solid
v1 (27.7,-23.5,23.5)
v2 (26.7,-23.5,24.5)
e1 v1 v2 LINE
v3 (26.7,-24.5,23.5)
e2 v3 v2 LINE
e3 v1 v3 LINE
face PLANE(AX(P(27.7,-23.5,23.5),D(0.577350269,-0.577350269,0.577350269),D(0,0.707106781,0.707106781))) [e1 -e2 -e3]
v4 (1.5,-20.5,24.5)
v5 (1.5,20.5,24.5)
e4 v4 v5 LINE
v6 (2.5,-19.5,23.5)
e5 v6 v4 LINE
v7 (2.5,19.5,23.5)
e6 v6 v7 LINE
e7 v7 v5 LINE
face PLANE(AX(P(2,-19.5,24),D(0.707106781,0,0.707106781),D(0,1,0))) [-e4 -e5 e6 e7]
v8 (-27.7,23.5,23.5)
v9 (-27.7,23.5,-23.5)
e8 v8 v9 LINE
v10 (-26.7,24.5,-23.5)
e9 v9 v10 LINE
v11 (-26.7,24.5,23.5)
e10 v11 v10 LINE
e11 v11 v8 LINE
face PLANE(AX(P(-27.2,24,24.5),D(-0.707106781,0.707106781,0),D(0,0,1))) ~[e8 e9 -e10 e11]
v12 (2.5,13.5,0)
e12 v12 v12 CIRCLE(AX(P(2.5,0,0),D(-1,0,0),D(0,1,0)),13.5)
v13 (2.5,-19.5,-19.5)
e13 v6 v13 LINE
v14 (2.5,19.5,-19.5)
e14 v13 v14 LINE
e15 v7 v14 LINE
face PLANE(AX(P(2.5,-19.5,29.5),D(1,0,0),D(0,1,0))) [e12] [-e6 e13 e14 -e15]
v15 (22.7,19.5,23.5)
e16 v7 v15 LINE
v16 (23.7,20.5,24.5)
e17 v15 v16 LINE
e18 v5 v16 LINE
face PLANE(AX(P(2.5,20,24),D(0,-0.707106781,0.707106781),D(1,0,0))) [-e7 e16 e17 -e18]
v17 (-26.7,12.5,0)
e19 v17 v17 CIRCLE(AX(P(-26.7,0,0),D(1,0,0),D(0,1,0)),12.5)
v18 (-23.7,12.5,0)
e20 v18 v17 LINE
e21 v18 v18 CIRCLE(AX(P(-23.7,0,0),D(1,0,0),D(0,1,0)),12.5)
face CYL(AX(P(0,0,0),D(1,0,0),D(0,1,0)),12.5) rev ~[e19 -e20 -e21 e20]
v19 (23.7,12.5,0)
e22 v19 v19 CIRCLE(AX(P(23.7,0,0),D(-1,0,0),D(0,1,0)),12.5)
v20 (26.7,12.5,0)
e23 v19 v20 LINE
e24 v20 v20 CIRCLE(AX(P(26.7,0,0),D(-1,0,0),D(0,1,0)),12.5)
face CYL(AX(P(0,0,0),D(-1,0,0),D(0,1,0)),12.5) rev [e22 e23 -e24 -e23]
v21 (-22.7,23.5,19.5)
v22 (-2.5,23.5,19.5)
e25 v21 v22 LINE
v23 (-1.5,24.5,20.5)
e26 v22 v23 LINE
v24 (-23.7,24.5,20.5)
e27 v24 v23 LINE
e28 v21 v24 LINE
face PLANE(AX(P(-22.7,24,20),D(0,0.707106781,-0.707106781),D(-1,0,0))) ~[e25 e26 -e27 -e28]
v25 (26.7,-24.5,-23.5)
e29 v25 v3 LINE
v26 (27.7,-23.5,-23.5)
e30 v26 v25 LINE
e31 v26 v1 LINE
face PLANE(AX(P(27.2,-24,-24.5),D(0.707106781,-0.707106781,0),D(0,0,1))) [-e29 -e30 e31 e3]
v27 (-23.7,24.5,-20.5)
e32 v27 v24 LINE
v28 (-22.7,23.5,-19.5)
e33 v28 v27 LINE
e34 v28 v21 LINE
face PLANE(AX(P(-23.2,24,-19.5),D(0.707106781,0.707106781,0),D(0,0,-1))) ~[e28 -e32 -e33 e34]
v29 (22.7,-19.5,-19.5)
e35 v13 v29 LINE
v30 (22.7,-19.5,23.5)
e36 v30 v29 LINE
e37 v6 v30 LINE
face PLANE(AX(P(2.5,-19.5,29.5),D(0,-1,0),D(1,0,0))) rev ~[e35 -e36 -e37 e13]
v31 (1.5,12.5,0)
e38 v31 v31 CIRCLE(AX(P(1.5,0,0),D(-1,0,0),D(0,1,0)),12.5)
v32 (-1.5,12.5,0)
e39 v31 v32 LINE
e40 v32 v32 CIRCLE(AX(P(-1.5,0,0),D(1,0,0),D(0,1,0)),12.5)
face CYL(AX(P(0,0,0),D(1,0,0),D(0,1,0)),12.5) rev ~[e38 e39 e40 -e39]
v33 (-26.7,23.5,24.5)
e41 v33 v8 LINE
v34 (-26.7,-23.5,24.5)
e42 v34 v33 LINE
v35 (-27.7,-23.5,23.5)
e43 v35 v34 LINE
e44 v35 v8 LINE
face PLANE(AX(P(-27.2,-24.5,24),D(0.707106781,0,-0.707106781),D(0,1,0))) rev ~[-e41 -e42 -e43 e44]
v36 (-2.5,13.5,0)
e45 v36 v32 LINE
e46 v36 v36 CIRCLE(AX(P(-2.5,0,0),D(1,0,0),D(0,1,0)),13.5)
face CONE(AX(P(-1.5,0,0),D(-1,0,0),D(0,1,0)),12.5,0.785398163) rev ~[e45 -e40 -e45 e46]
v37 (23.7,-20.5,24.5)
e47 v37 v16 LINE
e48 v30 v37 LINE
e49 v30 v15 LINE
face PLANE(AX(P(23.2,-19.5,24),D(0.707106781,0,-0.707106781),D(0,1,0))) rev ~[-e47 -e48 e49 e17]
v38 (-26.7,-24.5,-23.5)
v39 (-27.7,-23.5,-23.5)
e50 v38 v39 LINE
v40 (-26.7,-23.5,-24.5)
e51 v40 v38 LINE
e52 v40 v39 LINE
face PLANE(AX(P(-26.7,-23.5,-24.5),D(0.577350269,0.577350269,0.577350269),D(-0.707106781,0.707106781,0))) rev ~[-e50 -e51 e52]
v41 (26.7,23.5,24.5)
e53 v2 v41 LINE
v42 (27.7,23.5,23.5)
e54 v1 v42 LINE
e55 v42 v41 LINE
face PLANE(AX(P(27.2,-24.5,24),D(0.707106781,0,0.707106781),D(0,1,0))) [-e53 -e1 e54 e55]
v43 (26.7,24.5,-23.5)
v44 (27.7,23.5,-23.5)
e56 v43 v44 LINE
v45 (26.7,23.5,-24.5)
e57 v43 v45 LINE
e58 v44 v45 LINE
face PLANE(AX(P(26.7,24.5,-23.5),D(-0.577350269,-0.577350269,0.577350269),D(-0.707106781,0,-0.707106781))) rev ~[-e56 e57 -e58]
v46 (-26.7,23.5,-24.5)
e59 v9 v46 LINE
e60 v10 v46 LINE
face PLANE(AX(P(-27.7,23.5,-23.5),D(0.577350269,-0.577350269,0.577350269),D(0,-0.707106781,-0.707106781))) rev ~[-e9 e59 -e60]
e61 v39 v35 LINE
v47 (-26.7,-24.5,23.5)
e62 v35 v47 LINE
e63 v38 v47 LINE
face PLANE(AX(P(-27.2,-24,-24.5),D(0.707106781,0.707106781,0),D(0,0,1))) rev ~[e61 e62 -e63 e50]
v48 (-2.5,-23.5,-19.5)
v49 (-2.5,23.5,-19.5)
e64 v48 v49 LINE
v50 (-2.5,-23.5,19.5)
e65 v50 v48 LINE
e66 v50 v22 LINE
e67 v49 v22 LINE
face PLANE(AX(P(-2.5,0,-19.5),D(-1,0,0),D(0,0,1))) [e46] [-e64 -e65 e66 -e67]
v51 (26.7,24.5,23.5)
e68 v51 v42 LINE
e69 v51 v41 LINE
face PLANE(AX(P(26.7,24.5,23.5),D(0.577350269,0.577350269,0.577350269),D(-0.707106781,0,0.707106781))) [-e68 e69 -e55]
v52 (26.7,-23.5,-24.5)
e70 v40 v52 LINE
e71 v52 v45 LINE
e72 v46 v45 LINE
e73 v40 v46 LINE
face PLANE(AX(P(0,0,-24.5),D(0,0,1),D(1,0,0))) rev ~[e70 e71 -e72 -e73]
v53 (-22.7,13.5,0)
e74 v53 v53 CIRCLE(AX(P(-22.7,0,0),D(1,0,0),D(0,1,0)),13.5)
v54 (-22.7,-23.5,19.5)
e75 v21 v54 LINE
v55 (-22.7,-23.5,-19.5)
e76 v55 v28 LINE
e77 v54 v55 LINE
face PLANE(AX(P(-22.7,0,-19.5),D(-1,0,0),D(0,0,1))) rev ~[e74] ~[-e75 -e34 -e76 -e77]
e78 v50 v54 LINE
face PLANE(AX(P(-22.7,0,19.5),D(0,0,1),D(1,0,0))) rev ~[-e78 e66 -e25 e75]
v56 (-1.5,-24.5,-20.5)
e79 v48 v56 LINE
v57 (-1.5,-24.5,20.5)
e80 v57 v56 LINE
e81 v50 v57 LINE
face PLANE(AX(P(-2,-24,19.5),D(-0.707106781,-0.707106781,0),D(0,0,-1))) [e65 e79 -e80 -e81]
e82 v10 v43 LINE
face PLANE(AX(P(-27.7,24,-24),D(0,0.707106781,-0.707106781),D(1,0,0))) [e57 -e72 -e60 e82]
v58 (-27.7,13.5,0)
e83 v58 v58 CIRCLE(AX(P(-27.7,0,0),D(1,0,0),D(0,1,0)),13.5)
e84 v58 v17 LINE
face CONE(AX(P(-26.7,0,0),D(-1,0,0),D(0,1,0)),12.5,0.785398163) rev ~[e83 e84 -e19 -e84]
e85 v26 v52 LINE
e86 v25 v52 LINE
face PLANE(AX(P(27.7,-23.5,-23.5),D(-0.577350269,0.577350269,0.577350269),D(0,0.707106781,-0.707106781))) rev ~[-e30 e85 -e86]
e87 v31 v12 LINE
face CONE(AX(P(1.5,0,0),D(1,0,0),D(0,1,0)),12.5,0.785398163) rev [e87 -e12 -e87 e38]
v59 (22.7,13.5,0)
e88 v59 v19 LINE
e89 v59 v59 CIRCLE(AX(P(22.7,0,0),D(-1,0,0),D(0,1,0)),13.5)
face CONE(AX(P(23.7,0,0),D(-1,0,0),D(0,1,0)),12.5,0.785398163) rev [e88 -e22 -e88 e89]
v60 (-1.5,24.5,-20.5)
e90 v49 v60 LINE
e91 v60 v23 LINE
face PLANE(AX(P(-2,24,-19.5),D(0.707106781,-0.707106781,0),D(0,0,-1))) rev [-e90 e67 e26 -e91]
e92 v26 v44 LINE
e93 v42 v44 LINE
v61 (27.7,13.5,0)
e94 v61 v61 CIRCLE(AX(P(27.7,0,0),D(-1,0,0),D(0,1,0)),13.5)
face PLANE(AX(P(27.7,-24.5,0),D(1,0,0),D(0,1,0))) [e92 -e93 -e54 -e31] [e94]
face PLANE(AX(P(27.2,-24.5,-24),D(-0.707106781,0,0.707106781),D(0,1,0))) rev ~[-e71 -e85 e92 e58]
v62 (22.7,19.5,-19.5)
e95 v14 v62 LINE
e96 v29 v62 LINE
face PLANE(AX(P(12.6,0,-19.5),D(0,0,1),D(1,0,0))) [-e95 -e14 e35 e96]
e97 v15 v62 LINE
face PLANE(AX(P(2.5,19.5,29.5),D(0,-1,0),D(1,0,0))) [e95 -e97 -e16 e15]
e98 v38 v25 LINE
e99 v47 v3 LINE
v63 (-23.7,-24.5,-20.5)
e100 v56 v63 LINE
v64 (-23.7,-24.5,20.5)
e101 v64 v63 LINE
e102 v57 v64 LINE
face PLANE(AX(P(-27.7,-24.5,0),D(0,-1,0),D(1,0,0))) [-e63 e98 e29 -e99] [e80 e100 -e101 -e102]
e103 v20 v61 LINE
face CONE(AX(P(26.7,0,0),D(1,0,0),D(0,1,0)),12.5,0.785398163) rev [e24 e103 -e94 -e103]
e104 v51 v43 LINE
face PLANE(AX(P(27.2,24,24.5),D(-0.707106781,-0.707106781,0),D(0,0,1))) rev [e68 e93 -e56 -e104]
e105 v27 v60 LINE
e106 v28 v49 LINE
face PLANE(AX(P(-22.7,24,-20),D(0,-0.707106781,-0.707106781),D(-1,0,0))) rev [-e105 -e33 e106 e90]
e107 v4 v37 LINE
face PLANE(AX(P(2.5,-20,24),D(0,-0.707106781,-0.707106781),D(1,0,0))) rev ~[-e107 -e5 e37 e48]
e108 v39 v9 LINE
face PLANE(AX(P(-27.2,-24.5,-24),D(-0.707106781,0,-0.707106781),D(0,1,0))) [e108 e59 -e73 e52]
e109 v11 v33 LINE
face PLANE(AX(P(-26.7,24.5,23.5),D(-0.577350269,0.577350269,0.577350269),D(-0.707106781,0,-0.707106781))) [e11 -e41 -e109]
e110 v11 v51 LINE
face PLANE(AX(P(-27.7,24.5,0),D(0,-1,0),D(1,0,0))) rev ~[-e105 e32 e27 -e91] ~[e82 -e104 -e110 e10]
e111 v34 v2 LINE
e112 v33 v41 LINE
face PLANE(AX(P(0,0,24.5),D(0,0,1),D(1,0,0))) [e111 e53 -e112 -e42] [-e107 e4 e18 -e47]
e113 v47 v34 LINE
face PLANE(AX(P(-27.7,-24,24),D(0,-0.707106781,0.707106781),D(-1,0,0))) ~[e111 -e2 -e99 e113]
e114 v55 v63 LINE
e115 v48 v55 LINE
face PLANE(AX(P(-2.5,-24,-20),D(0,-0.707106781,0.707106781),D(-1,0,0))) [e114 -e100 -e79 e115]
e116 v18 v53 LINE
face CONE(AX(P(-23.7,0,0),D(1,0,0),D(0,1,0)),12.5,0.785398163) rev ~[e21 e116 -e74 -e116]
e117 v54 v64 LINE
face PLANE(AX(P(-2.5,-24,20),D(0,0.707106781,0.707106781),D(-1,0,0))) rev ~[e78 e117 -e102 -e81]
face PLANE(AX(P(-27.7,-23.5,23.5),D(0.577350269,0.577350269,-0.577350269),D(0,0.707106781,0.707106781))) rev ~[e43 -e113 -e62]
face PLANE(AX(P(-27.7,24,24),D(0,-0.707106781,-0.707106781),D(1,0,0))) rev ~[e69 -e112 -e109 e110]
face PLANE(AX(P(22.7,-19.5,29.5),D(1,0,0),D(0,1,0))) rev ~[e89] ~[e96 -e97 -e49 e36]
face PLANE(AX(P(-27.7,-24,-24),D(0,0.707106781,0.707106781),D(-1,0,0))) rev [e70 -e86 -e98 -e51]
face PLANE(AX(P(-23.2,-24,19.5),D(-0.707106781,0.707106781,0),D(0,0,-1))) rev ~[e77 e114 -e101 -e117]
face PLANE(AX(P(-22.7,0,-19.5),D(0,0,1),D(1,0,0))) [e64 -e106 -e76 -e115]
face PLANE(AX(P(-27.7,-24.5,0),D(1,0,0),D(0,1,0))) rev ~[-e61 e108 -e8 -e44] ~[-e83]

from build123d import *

# Parameters (mm, degrees)
SKETCH_W             = 55.4
SKETCH_H             = 49
PAD_DEPTH            = 24.5
SKETCH001_W          = 20.2
SKETCH001_H          = 39
POCKET_DEPTH         = 49
SKETCH002_W          = 20.2
SKETCH002_H          = 39
POCKET001_DEPTH      = 24.501
POCKET001_DEPTH_BACK = 24.501
SKETCH003_R          = 12.5
POCKET002_DEPTH      = 27.701
POCKET002_DEPTH_BACK = 27.701
CHAMFER_SIZE         = 1


with BuildPart() as part:
    # Sketch → Pad (new body, symmetric)
    with BuildSketch(Plane.XY):
        Rectangle(SKETCH_W, SKETCH_H)
    extrude(amount=PAD_DEPTH, both=True)

    # Sketch001 → Pocket (cut)
    with BuildSketch(Plane.XY.offset(29.5)):
        with Locations((12.6, 0)):
            Rectangle(SKETCH001_W, SKETCH001_H)
    extrude(amount=-POCKET_DEPTH, mode=Mode.SUBTRACT)

    # Sketch002 → Pocket001 (cut, two sides)
    with BuildSketch(Plane.XZ) as pocket001_sk:
        with Locations((-12.6, 0)):
            Rectangle(SKETCH002_W, SKETCH002_H)
    extrude(amount=-POCKET001_DEPTH, mode=Mode.SUBTRACT)
    extrude(pocket001_sk.sketch, amount=POCKET001_DEPTH_BACK, mode=Mode.SUBTRACT)

    # Sketch003 → Pocket002 (cut, two sides)
    with BuildSketch(Plane.YZ) as pocket002_sk:
        Circle(SKETCH003_R)
    extrude(amount=-POCKET002_DEPTH, mode=Mode.SUBTRACT)
    extrude(pocket002_sk.sketch, amount=POCKET002_DEPTH_BACK, mode=Mode.SUBTRACT)

    # Chamfer
    chamfer_edges = [part.edges().sort_by_distance(p)[0] for p in [
        (0, -24.5, 24.5),
        (-27.7, -24.5, 0),
        (0, -24.5, -24.5),
        (-12.6, -24.5, -19.5),
        (-22.7, -24.5, 0),
        (-12.6, -24.5, 19.5),
        (-2.5, -24.5, 0),
        (27.7, -24.5, 0),
        (27.7, 0, 24.5),
        (27.7, -12.5, 0),
        (27.7, 0, -24.5),
        (27.7, 24.5, 0),
        (22.7, 0, 24.5),
        (12.6, -19.5, 24.5),
        (2.5, 0, 24.5),
        (12.6, 19.5, 24.5),
        (-27.7, 0, 24.5),
        (0, 24.5, 24.5),
        (2.5, -12.5, 0),
        (22.7, -12.5, 0),
        (0, 24.5, -24.5),
        (-2.5, 24.5, 0),
        (-12.6, 24.5, -19.5),
        (-22.7, 24.5, 0),
        (-12.6, 24.5, 19.5),
        (-27.7, 24.5, 0),
        (-27.7, 0, -24.5),
        (-27.7, -12.5, 0),
        (-22.7, -12.5, 0),
        (-2.5, -12.5, 0),
    ]]
    chamfer(chamfer_edges, length=CHAMFER_SIZE)


solid = part.part
